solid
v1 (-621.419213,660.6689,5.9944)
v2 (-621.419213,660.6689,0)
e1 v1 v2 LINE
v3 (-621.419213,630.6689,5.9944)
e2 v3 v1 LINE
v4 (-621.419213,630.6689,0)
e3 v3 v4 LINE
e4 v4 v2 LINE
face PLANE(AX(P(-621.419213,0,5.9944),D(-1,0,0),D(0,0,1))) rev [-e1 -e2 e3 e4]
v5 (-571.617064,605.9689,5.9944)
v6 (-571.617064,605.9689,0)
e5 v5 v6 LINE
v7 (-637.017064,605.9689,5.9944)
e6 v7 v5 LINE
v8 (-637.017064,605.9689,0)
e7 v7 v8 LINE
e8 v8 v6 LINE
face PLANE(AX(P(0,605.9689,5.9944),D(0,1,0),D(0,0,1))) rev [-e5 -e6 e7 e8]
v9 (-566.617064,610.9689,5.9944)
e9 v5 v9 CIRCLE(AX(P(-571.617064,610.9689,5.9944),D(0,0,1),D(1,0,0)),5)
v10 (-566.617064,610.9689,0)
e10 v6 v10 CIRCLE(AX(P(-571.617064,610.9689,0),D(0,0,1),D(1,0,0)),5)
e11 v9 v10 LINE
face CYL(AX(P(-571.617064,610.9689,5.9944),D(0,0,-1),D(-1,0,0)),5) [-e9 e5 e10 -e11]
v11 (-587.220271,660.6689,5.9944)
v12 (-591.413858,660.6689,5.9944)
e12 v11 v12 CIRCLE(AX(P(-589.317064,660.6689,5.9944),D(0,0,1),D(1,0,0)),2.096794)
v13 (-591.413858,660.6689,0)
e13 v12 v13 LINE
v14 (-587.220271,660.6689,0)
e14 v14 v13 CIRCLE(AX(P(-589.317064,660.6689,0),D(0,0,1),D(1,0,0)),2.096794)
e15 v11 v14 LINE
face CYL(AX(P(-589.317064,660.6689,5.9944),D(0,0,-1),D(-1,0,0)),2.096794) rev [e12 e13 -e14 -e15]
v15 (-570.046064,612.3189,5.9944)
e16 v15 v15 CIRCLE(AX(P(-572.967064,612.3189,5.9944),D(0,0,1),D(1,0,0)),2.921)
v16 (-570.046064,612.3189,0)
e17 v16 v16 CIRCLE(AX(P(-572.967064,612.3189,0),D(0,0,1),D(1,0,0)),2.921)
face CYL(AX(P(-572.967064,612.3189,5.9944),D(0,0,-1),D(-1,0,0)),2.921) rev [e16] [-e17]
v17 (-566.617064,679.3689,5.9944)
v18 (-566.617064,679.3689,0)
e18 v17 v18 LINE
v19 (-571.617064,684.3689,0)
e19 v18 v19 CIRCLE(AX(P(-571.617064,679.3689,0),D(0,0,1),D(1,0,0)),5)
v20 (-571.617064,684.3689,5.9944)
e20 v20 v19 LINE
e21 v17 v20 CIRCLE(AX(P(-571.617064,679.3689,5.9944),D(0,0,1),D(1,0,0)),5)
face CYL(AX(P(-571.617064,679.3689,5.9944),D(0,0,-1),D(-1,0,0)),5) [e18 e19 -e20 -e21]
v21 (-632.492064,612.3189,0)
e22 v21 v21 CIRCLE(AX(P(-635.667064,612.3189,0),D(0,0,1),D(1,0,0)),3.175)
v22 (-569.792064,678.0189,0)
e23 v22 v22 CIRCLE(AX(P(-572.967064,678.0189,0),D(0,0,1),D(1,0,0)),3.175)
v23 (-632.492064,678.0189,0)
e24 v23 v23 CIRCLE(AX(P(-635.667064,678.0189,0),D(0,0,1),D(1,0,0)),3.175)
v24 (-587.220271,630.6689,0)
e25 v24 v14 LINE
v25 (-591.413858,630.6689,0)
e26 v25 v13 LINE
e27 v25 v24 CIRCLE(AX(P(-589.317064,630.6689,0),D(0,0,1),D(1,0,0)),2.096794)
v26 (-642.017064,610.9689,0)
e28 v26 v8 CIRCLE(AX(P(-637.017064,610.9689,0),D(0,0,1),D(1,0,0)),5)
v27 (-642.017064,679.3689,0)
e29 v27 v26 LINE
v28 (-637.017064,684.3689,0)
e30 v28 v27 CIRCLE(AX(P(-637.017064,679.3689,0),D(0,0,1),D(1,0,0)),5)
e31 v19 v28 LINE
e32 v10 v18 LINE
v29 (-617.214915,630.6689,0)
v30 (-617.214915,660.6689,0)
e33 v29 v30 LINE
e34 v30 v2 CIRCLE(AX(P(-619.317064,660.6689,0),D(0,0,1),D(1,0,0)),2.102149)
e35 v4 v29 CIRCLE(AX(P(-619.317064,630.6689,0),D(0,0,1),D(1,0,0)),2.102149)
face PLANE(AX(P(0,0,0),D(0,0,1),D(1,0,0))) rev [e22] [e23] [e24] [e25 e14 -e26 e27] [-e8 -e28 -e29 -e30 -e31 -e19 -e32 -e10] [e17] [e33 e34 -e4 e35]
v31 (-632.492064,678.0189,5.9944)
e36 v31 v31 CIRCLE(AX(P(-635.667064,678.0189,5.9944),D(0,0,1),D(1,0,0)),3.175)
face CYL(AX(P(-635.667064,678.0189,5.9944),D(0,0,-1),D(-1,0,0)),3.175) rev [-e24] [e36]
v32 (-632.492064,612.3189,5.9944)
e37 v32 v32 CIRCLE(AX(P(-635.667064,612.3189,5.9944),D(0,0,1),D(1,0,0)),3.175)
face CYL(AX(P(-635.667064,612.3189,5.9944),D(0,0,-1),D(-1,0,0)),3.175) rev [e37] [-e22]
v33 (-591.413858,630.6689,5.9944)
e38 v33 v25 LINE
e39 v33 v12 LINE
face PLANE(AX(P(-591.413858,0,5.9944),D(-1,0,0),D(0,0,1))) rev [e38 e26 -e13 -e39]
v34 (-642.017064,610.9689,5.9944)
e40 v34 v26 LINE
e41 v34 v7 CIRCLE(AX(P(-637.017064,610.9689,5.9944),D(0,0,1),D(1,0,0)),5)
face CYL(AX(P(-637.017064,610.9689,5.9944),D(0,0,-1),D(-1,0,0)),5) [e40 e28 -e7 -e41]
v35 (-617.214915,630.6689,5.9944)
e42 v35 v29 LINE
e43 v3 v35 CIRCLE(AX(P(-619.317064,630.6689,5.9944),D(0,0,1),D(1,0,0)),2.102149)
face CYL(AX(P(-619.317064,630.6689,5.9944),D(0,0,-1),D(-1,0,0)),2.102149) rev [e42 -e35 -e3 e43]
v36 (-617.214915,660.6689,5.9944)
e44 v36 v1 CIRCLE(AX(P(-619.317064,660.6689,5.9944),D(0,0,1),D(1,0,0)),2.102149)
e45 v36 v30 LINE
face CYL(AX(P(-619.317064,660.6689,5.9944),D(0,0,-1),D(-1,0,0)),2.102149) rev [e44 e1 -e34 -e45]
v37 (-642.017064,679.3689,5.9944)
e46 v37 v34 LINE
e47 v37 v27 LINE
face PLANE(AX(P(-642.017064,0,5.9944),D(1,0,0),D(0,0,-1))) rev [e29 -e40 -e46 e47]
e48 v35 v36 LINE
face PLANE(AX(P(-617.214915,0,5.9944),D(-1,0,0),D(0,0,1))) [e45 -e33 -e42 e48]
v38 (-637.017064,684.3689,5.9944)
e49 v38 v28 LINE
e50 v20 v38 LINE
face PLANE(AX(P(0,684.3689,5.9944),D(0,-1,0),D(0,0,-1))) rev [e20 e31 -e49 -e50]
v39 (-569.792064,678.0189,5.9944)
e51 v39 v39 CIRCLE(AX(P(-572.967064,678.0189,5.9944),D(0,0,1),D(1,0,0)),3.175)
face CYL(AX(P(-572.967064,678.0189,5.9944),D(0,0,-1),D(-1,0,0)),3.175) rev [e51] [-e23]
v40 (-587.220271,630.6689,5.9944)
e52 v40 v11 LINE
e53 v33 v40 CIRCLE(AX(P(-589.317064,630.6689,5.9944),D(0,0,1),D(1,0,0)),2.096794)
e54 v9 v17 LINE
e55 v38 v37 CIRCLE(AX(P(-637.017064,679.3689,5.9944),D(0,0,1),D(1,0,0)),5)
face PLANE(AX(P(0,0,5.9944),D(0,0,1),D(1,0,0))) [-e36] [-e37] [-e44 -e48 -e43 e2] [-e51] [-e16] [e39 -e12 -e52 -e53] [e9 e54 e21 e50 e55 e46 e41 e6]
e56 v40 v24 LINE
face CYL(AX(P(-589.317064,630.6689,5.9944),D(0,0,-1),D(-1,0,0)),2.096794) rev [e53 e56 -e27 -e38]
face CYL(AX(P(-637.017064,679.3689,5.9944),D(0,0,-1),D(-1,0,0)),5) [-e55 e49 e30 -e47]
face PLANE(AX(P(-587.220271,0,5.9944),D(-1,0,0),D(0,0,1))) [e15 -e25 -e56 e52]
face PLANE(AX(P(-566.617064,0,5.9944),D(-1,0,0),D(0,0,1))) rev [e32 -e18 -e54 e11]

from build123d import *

# Parameters (mm, degrees)
SKETCH1_R           = 2.921
SKETCH1_R_2         = 3.175
BOSS_EXTRUDE1_DEPTH = 5.9944


with BuildPart() as part:
    # Sketch1 → Boss-Extrude1 (new body)
    with BuildSketch(Plane(origin=(0, 0, 0), x_dir=(-1, 0, 0), z_dir=(0, 0, 1))):
        with BuildLine():
            Line((566.61706408, -610.968899583), (566.61706408, -679.368899583))
            ThreePointArc((566.61706408, -679.368899583), (568.081530174, -682.904433489), (571.61706408, -684.368899583))
            Line((571.61706408, -684.368899583), (637.01706408, -684.368899583))
            ThreePointArc((637.01706408, -684.368899583), (640.552597986, -682.904433489), (642.01706408, -679.368899583))
            Line((642.01706408, -679.368899583), (642.01706408, -610.968899583))
            ThreePointArc((642.01706408, -610.968899583), (640.552597986, -607.433365677), (637.01706408, -605.968899583))
            Line((637.01706408, -605.968899583), (571.61706408, -605.968899583))
            ThreePointArc((571.61706408, -605.968899583), (568.081530174, -607.433365677), (566.61706408, -610.968899583))
        make_face()
        with Locations((572.96706408, -612.318899583)):
            Circle(SKETCH1_R, mode=Mode.SUBTRACT)
        with Locations((635.66706408, -612.318899583)):
            Circle(SKETCH1_R_2, mode=Mode.SUBTRACT)
        with Locations((635.66706408, -678.018899583)):
            Circle(SKETCH1_R_2, mode=Mode.SUBTRACT)
        with Locations((572.96706408, -678.018899583)):
            Circle(SKETCH1_R_2, mode=Mode.SUBTRACT)
        with BuildLine():
            ThreePointArc((587.220270562, -660.668899583), (589.31706408, -662.765693101), (591.413857599, -660.668899583))
            Line((591.413857599, -660.668899583), (591.413857599, -630.668899583))
            ThreePointArc((591.413857599, -630.668899583), (589.31706408, -628.572106065), (587.220270562, -630.668899583))
            Line((587.220270562, -630.668899583), (587.220270562, -660.668899583))
        make_face(mode=Mode.SUBTRACT)
        with BuildLine():
            ThreePointArc((617.214915153, -660.668899583), (619.31706408, -662.771048511), (621.419213008, -660.668899583))
            Line((621.419213008, -660.668899583), (621.419213008, -630.668899583))
            ThreePointArc((621.419213008, -630.668899583), (619.31706408, -628.566750655), (617.214915153, -630.668899583))
            Line((617.214915153, -630.668899583), (617.214915153, -660.668899583))
        make_face(mode=Mode.SUBTRACT)
    extrude(amount=BOSS_EXTRUDE1_DEPTH)


solid = part.part
